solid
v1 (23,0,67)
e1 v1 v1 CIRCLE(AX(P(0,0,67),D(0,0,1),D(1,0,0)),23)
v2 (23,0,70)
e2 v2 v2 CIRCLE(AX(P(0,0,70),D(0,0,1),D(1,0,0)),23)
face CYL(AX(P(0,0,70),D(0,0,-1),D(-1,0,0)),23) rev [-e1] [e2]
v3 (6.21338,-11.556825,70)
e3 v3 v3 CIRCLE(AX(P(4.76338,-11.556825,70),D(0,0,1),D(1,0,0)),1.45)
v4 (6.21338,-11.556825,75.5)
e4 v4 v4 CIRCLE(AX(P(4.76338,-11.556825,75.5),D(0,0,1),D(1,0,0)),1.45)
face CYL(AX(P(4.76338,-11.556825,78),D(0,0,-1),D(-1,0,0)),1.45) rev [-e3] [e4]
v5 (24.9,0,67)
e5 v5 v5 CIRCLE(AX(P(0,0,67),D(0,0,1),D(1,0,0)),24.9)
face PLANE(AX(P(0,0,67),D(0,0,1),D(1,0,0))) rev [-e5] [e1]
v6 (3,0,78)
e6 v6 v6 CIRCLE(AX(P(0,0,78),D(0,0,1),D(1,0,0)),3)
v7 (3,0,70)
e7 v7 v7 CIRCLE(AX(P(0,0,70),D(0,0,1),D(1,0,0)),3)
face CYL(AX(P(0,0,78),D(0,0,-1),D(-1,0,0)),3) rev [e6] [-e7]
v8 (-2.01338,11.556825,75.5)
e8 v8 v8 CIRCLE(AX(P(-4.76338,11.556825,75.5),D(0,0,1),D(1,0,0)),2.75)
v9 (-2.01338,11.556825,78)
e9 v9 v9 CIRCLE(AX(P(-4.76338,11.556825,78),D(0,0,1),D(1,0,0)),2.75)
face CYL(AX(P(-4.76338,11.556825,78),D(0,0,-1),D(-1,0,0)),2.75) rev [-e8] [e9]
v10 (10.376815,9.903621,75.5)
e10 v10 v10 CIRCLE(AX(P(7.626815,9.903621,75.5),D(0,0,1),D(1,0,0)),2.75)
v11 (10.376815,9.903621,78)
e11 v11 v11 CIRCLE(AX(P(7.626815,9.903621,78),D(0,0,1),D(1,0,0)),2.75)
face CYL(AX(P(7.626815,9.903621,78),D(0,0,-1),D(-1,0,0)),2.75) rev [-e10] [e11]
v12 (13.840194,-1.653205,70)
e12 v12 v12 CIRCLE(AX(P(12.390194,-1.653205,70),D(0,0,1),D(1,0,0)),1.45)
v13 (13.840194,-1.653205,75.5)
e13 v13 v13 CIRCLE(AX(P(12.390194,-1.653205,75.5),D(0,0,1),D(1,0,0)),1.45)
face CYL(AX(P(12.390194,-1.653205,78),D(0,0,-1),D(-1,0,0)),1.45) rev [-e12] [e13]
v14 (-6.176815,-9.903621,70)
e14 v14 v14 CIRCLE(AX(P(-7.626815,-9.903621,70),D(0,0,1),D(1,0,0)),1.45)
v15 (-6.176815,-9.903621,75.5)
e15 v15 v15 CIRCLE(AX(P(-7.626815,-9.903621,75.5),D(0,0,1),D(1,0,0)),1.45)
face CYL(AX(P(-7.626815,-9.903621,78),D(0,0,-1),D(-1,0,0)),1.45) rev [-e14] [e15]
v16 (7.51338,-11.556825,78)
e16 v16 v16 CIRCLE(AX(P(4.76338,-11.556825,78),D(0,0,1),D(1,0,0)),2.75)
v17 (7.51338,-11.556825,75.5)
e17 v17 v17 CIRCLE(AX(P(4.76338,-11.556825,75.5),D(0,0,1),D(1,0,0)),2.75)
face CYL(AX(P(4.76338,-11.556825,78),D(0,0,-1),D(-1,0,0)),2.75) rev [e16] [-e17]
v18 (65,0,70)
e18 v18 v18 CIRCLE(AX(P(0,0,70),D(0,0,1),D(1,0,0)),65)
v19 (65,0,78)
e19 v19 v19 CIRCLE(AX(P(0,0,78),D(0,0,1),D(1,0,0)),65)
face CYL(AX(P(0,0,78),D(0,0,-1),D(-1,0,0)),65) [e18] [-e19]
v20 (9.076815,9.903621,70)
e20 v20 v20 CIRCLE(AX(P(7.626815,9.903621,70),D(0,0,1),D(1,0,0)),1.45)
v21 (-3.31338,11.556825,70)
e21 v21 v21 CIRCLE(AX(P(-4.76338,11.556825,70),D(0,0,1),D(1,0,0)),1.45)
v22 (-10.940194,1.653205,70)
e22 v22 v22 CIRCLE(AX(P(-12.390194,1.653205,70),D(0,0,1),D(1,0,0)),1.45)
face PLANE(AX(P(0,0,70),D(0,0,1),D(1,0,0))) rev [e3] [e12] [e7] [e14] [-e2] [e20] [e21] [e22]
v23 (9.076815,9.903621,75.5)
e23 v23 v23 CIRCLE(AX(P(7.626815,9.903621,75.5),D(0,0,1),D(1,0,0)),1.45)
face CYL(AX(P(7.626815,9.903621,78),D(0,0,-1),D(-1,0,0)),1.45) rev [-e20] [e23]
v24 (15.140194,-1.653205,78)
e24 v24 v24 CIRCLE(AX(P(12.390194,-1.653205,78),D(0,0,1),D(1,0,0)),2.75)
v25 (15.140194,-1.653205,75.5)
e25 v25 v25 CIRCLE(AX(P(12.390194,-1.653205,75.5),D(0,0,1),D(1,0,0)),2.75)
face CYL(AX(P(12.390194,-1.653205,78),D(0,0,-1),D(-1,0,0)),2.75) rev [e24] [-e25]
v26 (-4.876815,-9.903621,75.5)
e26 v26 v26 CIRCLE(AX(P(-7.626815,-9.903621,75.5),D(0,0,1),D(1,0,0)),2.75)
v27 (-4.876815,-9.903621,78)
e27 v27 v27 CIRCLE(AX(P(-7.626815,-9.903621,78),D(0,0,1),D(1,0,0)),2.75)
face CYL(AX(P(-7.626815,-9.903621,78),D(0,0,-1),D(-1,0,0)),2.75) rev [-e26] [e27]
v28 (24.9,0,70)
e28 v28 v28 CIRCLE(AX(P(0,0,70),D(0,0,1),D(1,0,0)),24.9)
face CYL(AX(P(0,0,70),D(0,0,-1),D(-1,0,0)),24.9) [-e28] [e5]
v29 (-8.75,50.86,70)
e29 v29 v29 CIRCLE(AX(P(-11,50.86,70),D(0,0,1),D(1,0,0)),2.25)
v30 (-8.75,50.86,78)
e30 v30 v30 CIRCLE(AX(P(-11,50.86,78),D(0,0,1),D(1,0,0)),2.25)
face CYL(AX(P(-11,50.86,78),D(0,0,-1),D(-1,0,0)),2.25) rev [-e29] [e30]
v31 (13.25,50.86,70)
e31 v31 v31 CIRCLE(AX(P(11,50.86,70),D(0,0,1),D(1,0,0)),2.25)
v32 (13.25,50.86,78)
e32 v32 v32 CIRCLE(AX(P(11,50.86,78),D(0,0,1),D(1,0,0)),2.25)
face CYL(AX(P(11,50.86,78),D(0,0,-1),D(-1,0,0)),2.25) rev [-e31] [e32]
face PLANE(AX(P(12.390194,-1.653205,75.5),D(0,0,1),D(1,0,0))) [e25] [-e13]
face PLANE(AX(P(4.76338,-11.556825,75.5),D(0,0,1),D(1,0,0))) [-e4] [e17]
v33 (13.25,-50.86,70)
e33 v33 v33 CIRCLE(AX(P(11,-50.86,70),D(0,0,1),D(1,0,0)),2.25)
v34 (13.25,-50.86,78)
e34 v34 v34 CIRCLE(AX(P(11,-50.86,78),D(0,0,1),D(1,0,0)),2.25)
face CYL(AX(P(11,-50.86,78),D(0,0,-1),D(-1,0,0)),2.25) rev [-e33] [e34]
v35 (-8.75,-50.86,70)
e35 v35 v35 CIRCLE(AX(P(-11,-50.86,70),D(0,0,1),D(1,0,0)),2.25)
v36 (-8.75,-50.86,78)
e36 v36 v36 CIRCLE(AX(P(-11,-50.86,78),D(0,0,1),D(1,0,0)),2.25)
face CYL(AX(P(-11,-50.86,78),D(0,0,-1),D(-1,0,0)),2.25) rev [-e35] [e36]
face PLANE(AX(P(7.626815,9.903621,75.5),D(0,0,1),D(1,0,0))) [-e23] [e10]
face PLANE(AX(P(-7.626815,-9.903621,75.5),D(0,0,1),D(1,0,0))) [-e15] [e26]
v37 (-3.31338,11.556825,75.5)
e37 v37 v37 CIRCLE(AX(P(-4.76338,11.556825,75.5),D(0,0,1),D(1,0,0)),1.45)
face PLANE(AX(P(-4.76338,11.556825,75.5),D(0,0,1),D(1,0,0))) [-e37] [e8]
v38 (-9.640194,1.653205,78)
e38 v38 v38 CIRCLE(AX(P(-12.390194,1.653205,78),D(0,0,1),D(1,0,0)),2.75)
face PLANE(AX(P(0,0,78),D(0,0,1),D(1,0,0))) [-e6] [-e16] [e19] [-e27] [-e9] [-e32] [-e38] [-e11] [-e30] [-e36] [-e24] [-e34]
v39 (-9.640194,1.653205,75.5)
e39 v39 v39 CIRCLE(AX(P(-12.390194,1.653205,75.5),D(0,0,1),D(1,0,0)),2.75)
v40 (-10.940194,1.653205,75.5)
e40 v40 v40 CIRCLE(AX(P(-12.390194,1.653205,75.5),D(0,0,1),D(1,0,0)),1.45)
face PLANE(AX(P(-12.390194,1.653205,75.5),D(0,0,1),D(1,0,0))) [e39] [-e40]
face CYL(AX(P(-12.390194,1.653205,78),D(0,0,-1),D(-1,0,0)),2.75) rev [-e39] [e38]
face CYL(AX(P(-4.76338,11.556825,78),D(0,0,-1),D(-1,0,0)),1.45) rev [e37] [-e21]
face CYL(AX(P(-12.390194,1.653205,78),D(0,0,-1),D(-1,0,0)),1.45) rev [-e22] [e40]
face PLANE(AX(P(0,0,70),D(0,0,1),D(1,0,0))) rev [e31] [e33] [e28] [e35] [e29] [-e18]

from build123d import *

# Parameters (mm, degrees)
DISCO_START                         = 70
SK_DISCO_R                          = 65
DISCO_DEPTH                         = 8
CENTRADOR_ARANDELA_EJE_51110_START  = 67
SK_CENTRADOR_ARANDELA_EJE_51110_R   = 24.9
SK_CENTRADOR_ARANDELA_EJE_51110_R_2 = 23
CENTRADOR_ARANDELA_EJE_51110_DEPTH  = 3
PASANTES_M2_5_ROTOR_J1_START        = 70
SK_PASANTES_M2_5_ROTOR_J1_R         = 1.45
PASANTES_M2_5_ROTOR_J1_DEPTH        = 8
CAJAS_M2_5_START                    = 75.5
SK_CAJAS_M2_5_R                     = 2.75
CAJAS_M2_5_DEPTH                    = 2.5
PASO_CABLE_START                    = 70
SK_PASO_CABLE_R                     = 3
PASO_CABLE_DEPTH                    = 8
PASANTES_M4_ANGULOS_START           = 70
SK_PASANTES_M4_ANGULOS_R            = 2.25
PASANTES_M4_ANGULOS_DEPTH           = 8


with BuildPart() as part:
    # Sk_Disco → Disco (new body)
    with BuildSketch(Plane.XY.offset(DISCO_START)):
        Circle(SK_DISCO_R)
    extrude(amount=DISCO_DEPTH)

    # Sk_Centrador_arandela_eje_51110 → Centrador_arandela_eje_51110 (add)
    with BuildSketch(Plane.XY.offset(CENTRADOR_ARANDELA_EJE_51110_START)):
        Circle(SK_CENTRADOR_ARANDELA_EJE_51110_R)
        Circle(SK_CENTRADOR_ARANDELA_EJE_51110_R_2, mode=Mode.SUBTRACT)
    extrude(amount=CENTRADOR_ARANDELA_EJE_51110_DEPTH)

    # Sk_Pasantes_M2-5_rotor_J1 → Pasantes_M2-5_rotor_J1 (cut)
    with BuildSketch(Plane.XY.offset(PASANTES_M2_5_ROTOR_J1_START)):
        with Locations((12.390194253, -1.653204878)):
            Circle(SK_PASANTES_M2_5_ROTOR_J1_R)
        with Locations((7.626814549, 9.903620542)):
            Circle(SK_PASANTES_M2_5_ROTOR_J1_R)
        with Locations((-4.763379704, 11.55682542)):
            Circle(SK_PASANTES_M2_5_ROTOR_J1_R)
        with Locations((-12.390194253, 1.653204878)):
            Circle(SK_PASANTES_M2_5_ROTOR_J1_R)
        with Locations((-7.626814549, -9.903620542)):
            Circle(SK_PASANTES_M2_5_ROTOR_J1_R)
        with Locations((4.763379704, -11.55682542)):
            Circle(SK_PASANTES_M2_5_ROTOR_J1_R)
    extrude(amount=PASANTES_M2_5_ROTOR_J1_DEPTH, mode=Mode.SUBTRACT)

    # Sk_Cajas_M2-5 → Cajas_M2-5 (cut)
    with BuildSketch(Plane.XY.offset(CAJAS_M2_5_START)):
        with Locations((12.390194253, -1.653204878)):
            Circle(SK_CAJAS_M2_5_R)
        with Locations((7.626814549, 9.903620542)):
            Circle(SK_CAJAS_M2_5_R)
        with Locations((-4.763379704, 11.55682542)):
            Circle(SK_CAJAS_M2_5_R)
        with Locations((-12.390194253, 1.653204878)):
            Circle(SK_CAJAS_M2_5_R)
        with Locations((-7.626814549, -9.903620542)):
            Circle(SK_CAJAS_M2_5_R)
        with Locations((4.763379704, -11.55682542)):
            Circle(SK_CAJAS_M2_5_R)
    extrude(amount=CAJAS_M2_5_DEPTH, mode=Mode.SUBTRACT)

    # Sk_Paso_cable → Paso_cable (cut)
    with BuildSketch(Plane.XY.offset(PASO_CABLE_START)):
        Circle(SK_PASO_CABLE_R)
    extrude(amount=PASO_CABLE_DEPTH, mode=Mode.SUBTRACT)

    # Sk_Pasantes_M4_angulos → Pasantes_M4_angulos (cut)
    with BuildSketch(Plane.XY.offset(PASANTES_M4_ANGULOS_START)):
        with Locations((-11, -50.86)):
            Circle(SK_PASANTES_M4_ANGULOS_R)
        with Locations((-11, 50.86)):
            Circle(SK_PASANTES_M4_ANGULOS_R)
        with Locations((11, -50.86)):
            Circle(SK_PASANTES_M4_ANGULOS_R)
        with Locations((11, 50.86)):
            Circle(SK_PASANTES_M4_ANGULOS_R)
    extrude(amount=PASANTES_M4_ANGULOS_DEPTH, mode=Mode.SUBTRACT)


solid = part.part
